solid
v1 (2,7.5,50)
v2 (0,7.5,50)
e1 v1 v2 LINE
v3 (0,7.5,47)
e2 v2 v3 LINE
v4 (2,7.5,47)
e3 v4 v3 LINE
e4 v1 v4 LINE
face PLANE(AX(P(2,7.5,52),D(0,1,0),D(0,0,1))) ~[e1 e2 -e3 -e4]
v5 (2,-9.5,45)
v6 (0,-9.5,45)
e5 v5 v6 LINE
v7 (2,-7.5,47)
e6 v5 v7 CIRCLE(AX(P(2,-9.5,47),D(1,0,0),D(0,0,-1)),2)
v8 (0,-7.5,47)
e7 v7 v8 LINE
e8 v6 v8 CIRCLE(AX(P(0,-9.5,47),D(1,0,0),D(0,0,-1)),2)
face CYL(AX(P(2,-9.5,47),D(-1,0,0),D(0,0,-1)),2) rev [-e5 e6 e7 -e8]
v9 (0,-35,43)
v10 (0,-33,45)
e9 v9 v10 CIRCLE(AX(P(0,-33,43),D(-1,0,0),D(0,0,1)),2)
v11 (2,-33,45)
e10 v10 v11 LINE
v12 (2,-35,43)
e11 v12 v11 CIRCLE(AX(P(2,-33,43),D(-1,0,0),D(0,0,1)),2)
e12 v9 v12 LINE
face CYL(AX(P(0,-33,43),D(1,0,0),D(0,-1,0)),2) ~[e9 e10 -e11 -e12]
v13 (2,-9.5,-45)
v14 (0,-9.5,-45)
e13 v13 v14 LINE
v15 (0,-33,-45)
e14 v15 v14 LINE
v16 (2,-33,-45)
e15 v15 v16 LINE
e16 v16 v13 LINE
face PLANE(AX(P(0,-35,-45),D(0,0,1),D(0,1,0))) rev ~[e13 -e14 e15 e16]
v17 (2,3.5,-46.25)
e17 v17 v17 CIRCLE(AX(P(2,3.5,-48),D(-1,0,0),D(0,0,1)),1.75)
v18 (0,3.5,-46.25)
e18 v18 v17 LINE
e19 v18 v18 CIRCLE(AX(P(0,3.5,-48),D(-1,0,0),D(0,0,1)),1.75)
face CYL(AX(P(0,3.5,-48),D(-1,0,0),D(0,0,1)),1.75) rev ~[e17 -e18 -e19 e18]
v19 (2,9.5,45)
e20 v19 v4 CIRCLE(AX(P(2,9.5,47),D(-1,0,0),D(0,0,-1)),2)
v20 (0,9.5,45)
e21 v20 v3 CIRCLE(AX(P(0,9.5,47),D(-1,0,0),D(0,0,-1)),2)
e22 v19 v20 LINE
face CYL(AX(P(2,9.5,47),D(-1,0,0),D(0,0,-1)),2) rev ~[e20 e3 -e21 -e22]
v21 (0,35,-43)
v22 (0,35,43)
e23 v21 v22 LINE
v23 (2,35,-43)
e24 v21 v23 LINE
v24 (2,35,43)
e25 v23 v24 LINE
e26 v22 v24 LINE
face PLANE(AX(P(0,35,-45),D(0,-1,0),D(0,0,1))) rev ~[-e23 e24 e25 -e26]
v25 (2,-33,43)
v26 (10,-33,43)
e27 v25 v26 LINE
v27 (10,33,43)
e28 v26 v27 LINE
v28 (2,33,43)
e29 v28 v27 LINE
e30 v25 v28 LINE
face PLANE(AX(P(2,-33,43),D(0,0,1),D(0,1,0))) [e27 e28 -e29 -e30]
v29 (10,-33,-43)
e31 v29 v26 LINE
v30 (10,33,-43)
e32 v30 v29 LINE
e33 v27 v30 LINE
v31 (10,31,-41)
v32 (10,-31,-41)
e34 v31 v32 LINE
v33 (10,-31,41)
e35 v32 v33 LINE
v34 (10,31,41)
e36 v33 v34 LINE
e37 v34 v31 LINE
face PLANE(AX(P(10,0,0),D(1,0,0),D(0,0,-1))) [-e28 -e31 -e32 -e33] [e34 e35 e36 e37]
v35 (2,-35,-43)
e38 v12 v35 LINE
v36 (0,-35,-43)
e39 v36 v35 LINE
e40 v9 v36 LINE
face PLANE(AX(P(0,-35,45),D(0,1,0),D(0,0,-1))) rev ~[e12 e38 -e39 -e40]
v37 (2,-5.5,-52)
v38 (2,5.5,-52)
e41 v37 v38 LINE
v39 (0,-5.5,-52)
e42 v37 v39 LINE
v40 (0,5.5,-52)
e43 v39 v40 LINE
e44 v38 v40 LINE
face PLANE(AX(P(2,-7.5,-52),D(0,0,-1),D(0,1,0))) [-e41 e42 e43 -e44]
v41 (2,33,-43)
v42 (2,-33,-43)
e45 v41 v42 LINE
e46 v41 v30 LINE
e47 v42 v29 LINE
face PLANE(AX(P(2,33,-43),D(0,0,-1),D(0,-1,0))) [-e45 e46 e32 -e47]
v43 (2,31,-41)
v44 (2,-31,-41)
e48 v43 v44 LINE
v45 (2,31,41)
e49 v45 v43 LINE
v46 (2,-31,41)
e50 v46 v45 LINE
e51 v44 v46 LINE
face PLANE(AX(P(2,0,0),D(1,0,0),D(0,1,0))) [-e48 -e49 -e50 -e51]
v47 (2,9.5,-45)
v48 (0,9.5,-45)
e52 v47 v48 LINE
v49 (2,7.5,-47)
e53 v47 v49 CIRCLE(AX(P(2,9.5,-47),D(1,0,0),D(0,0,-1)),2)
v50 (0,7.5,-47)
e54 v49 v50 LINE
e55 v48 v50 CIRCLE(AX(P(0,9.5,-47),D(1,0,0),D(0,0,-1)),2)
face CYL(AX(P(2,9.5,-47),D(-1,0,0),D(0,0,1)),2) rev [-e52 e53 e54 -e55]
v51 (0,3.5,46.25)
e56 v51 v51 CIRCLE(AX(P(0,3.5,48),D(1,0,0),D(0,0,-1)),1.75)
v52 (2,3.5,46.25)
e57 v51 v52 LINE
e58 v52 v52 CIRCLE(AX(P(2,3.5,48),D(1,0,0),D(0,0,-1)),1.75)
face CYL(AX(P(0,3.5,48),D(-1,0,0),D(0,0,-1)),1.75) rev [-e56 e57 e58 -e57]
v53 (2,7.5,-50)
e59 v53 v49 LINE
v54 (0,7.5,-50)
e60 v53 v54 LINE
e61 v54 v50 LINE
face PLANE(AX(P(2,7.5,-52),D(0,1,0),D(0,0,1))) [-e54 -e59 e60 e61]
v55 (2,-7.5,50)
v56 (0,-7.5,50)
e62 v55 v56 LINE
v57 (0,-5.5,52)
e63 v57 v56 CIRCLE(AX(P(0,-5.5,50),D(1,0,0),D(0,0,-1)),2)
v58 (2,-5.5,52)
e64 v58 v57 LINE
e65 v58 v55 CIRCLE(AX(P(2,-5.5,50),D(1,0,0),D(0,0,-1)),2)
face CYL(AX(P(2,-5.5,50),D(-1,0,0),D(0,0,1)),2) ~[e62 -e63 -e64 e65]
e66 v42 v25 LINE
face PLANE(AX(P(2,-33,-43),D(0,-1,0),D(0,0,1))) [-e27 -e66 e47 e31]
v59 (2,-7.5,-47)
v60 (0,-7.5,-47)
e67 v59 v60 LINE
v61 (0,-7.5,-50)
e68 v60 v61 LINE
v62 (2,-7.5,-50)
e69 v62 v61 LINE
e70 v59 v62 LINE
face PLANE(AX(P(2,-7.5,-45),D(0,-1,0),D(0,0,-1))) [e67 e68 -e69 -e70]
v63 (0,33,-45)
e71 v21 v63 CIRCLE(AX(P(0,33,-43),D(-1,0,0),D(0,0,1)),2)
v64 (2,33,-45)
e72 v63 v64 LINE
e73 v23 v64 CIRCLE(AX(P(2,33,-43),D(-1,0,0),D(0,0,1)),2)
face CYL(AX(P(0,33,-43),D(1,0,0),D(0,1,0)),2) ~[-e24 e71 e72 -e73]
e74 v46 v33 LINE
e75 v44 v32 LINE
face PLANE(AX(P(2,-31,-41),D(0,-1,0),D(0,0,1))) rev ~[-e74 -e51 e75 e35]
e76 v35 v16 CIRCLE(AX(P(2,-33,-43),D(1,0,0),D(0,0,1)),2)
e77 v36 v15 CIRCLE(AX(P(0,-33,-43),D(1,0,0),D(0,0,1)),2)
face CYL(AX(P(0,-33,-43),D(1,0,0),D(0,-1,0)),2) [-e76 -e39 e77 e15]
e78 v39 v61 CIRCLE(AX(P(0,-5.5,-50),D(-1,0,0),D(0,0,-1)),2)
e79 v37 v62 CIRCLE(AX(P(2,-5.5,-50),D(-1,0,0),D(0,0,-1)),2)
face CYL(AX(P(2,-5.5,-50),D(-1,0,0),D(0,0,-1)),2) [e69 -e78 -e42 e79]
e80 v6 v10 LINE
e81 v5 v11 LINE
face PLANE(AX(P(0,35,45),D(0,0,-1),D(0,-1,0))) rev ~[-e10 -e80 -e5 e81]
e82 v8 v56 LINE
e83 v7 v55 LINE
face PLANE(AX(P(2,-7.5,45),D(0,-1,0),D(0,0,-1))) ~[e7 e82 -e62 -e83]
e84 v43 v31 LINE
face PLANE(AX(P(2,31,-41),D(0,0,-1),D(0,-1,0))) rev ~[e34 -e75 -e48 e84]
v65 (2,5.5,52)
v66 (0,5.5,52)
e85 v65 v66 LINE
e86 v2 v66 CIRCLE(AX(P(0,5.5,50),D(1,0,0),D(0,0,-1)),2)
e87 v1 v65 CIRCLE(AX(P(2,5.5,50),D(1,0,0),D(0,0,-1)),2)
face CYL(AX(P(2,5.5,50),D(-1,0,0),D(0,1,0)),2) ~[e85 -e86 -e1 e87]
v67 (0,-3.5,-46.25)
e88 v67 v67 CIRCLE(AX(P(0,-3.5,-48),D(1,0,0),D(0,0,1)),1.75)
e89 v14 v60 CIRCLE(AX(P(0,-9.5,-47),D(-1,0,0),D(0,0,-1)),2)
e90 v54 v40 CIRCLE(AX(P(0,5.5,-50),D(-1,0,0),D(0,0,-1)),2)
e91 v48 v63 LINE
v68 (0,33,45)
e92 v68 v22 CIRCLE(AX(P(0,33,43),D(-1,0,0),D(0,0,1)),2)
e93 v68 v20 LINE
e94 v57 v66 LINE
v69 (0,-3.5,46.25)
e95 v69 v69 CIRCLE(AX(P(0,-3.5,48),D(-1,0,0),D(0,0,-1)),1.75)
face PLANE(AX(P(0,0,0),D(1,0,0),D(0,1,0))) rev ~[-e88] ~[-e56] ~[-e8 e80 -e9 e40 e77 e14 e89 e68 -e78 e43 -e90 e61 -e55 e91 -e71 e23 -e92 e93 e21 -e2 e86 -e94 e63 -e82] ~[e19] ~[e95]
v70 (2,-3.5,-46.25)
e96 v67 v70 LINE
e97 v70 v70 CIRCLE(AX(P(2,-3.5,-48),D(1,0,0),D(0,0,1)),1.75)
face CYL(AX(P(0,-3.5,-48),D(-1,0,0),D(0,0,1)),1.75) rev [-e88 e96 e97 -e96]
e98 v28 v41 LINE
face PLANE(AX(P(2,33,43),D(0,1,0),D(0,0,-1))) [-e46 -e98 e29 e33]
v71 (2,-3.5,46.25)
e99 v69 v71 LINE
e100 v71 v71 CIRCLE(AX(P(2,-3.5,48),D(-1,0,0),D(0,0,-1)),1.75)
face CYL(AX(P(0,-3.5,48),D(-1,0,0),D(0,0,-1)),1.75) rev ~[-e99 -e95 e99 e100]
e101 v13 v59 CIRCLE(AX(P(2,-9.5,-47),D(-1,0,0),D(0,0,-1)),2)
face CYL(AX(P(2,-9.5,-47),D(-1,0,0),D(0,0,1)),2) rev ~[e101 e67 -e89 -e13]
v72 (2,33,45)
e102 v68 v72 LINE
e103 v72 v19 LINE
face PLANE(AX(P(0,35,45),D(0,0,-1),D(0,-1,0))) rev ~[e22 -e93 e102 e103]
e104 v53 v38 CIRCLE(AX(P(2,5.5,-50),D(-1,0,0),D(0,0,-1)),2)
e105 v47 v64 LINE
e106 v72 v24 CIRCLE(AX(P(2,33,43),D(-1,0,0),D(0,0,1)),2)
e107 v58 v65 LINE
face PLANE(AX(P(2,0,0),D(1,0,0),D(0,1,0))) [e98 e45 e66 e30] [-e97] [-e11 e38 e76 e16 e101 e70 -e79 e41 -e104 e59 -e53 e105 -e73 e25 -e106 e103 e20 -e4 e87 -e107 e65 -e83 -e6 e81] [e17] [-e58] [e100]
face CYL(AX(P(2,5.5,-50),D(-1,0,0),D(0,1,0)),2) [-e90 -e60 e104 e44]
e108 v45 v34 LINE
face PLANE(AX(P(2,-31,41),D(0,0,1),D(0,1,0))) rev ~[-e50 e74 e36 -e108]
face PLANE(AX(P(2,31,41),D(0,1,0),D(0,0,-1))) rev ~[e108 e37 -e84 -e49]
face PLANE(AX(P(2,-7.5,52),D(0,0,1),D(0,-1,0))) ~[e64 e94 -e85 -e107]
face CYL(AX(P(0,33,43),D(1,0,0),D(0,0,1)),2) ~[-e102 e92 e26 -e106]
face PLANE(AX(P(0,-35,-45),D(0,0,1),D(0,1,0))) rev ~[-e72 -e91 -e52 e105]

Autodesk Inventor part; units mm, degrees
ref_plane "YZ Plane" through (0, 0, 0) normal (1, 0, 0) x (0, 1, 0)
ref_plane "XZ Plane" through (0, 0, 0) normal (0, 1, 0) x (-1, 0, 0)
ref_plane "XY Plane" through (0, 0, 0) normal (0, 0, 1) x (1, 0, 0)
sketch "Esquisse1" plane through (0, 0, 0) normal (1, 0, 0) x (0, 1, 0)
  line L0 (35, 45) -> (-35, 45)
  line L1 (-35, 45) -> (-35, -45)
  line L2 (-35, -45) -> (35, -45)
  line L3 (35, -45) -> (35, 45)
  line L4 (26.5459, 0) -> (-33.52, 0) construction
  line L5 (0, 24.5499) -> (0, -29.9835) construction
  point P0 (0, 0)
  dimension "d0" = 90
  dimension "d1" = 70
extrude "Extrusion1" add sketch "Esquisse1" along normal blind 2
sketch "Esquisse2" plane through (2, 0, 0) normal (1, 0, 0) x (0, 0, -1)
  line L0 (-43, 33) -> (43, 33)
  line L1 (43, 33) -> (43, -33)
  line L2 (43, -33) -> (-43, -33)
  line L3 (-43, -33) -> (-43, 33)
  line L4 (-41, 31) -> (41, 31)
  line L5 (41, 31) -> (41, -31)
  line L6 (41, -31) -> (-41, -31)
  line L7 (-41, -31) -> (-41, 31)
  line L8 (45, 35) -> (-45, 35) projected
  line L9 (-45, 35) -> (-45, -35) projected
  line L10 (-45, -35) -> (45, -35) projected
  line L11 (45, -35) -> (45, 35) projected
  dimension "d4" = 2
  dimension "d5" = 2
  dimension "d6" = 2
  dimension "d7" = 2
  dimension "d8" = 2
  dimension "d9" = 2
  dimension "d10" = 2
  dimension "d11" = 2
extrude "Extrusion2" add sketch "Esquisse2" along normal blind 8 contours L0 L1 L2 L3
sketch "Esquisse3" plane through (0, -35, -45) normal (0, 0, -1) x (-1, 0, 0)
  point P0 (0, 35)
sketch "Esquisse4" plane through (2, 0, 0) normal (1, 0, 0) x (0, 0, -1)
  line L0 (45, -35) -> (45, 35) projected
  line L1 (45, -7.5) -> (52, -7.5)
  line L2 (52, -7.5) -> (52, 7.5)
  line L3 (52, 7.5) -> (45, 7.5)
  line L4 (45, 7.5) -> (45, -7.5)
  point P0 (0, 0)
  dimension "d14" = 15
  dimension "d15" = 7
  dimension "d16" = 27.5
extrude "Extrusion3" add sketch "Esquisse4" against normal blind 2
fillet "Congé1" radius 2 5 edges at (1, 35, -45) (1, 7.5, -52) (1, -7.5, -52) (1, 7.5, -45) (1, -35, -45)
fillet "Congé2" radius 2 1 edges at (1, -7.5, -45)
mirror "Mise en miroir1" about plane through (0, 0, 0) normal (0, 0, 1) of "Extrusion3"
fillet "Congé3" radius 2 5 edges at (1, -35, 45) (1, -7.5, 45) (1, -7.5, 52) (1, 7.5, 52) (1, 35, 45)
fillet "Congé4" radius 2 1 edges at (1, 7.5, 45)
sketch "Esquisse5" plane through (0, 0, 0) normal (-1, 0, 0) x (0, 0, 1)
  circle A0 centre (-48, 3.5) radius 1.75
  line L0 (-52, 5.5) -> (-52, -5.5) projected
  line L1 (-47, 7.5) -> (-50, 7.5) projected
  point P0 (0, 0)
  dimension "d23" = 3.5
  dimension "d24" = 4
  dimension "d25" = 4
extrude "Extrusion4" cut sketch "Esquisse5" against normal blind 2
mirror "Mise en miroir2" about plane through (0, 0, 0) normal (0, 1, 0) of "Extrusion4"
mirror "Mise en miroir3" about plane through (0, 0, 0) normal (0, 0, 1) of "Extrusion4", "Mise en miroir2"
properties part number "Couv"
